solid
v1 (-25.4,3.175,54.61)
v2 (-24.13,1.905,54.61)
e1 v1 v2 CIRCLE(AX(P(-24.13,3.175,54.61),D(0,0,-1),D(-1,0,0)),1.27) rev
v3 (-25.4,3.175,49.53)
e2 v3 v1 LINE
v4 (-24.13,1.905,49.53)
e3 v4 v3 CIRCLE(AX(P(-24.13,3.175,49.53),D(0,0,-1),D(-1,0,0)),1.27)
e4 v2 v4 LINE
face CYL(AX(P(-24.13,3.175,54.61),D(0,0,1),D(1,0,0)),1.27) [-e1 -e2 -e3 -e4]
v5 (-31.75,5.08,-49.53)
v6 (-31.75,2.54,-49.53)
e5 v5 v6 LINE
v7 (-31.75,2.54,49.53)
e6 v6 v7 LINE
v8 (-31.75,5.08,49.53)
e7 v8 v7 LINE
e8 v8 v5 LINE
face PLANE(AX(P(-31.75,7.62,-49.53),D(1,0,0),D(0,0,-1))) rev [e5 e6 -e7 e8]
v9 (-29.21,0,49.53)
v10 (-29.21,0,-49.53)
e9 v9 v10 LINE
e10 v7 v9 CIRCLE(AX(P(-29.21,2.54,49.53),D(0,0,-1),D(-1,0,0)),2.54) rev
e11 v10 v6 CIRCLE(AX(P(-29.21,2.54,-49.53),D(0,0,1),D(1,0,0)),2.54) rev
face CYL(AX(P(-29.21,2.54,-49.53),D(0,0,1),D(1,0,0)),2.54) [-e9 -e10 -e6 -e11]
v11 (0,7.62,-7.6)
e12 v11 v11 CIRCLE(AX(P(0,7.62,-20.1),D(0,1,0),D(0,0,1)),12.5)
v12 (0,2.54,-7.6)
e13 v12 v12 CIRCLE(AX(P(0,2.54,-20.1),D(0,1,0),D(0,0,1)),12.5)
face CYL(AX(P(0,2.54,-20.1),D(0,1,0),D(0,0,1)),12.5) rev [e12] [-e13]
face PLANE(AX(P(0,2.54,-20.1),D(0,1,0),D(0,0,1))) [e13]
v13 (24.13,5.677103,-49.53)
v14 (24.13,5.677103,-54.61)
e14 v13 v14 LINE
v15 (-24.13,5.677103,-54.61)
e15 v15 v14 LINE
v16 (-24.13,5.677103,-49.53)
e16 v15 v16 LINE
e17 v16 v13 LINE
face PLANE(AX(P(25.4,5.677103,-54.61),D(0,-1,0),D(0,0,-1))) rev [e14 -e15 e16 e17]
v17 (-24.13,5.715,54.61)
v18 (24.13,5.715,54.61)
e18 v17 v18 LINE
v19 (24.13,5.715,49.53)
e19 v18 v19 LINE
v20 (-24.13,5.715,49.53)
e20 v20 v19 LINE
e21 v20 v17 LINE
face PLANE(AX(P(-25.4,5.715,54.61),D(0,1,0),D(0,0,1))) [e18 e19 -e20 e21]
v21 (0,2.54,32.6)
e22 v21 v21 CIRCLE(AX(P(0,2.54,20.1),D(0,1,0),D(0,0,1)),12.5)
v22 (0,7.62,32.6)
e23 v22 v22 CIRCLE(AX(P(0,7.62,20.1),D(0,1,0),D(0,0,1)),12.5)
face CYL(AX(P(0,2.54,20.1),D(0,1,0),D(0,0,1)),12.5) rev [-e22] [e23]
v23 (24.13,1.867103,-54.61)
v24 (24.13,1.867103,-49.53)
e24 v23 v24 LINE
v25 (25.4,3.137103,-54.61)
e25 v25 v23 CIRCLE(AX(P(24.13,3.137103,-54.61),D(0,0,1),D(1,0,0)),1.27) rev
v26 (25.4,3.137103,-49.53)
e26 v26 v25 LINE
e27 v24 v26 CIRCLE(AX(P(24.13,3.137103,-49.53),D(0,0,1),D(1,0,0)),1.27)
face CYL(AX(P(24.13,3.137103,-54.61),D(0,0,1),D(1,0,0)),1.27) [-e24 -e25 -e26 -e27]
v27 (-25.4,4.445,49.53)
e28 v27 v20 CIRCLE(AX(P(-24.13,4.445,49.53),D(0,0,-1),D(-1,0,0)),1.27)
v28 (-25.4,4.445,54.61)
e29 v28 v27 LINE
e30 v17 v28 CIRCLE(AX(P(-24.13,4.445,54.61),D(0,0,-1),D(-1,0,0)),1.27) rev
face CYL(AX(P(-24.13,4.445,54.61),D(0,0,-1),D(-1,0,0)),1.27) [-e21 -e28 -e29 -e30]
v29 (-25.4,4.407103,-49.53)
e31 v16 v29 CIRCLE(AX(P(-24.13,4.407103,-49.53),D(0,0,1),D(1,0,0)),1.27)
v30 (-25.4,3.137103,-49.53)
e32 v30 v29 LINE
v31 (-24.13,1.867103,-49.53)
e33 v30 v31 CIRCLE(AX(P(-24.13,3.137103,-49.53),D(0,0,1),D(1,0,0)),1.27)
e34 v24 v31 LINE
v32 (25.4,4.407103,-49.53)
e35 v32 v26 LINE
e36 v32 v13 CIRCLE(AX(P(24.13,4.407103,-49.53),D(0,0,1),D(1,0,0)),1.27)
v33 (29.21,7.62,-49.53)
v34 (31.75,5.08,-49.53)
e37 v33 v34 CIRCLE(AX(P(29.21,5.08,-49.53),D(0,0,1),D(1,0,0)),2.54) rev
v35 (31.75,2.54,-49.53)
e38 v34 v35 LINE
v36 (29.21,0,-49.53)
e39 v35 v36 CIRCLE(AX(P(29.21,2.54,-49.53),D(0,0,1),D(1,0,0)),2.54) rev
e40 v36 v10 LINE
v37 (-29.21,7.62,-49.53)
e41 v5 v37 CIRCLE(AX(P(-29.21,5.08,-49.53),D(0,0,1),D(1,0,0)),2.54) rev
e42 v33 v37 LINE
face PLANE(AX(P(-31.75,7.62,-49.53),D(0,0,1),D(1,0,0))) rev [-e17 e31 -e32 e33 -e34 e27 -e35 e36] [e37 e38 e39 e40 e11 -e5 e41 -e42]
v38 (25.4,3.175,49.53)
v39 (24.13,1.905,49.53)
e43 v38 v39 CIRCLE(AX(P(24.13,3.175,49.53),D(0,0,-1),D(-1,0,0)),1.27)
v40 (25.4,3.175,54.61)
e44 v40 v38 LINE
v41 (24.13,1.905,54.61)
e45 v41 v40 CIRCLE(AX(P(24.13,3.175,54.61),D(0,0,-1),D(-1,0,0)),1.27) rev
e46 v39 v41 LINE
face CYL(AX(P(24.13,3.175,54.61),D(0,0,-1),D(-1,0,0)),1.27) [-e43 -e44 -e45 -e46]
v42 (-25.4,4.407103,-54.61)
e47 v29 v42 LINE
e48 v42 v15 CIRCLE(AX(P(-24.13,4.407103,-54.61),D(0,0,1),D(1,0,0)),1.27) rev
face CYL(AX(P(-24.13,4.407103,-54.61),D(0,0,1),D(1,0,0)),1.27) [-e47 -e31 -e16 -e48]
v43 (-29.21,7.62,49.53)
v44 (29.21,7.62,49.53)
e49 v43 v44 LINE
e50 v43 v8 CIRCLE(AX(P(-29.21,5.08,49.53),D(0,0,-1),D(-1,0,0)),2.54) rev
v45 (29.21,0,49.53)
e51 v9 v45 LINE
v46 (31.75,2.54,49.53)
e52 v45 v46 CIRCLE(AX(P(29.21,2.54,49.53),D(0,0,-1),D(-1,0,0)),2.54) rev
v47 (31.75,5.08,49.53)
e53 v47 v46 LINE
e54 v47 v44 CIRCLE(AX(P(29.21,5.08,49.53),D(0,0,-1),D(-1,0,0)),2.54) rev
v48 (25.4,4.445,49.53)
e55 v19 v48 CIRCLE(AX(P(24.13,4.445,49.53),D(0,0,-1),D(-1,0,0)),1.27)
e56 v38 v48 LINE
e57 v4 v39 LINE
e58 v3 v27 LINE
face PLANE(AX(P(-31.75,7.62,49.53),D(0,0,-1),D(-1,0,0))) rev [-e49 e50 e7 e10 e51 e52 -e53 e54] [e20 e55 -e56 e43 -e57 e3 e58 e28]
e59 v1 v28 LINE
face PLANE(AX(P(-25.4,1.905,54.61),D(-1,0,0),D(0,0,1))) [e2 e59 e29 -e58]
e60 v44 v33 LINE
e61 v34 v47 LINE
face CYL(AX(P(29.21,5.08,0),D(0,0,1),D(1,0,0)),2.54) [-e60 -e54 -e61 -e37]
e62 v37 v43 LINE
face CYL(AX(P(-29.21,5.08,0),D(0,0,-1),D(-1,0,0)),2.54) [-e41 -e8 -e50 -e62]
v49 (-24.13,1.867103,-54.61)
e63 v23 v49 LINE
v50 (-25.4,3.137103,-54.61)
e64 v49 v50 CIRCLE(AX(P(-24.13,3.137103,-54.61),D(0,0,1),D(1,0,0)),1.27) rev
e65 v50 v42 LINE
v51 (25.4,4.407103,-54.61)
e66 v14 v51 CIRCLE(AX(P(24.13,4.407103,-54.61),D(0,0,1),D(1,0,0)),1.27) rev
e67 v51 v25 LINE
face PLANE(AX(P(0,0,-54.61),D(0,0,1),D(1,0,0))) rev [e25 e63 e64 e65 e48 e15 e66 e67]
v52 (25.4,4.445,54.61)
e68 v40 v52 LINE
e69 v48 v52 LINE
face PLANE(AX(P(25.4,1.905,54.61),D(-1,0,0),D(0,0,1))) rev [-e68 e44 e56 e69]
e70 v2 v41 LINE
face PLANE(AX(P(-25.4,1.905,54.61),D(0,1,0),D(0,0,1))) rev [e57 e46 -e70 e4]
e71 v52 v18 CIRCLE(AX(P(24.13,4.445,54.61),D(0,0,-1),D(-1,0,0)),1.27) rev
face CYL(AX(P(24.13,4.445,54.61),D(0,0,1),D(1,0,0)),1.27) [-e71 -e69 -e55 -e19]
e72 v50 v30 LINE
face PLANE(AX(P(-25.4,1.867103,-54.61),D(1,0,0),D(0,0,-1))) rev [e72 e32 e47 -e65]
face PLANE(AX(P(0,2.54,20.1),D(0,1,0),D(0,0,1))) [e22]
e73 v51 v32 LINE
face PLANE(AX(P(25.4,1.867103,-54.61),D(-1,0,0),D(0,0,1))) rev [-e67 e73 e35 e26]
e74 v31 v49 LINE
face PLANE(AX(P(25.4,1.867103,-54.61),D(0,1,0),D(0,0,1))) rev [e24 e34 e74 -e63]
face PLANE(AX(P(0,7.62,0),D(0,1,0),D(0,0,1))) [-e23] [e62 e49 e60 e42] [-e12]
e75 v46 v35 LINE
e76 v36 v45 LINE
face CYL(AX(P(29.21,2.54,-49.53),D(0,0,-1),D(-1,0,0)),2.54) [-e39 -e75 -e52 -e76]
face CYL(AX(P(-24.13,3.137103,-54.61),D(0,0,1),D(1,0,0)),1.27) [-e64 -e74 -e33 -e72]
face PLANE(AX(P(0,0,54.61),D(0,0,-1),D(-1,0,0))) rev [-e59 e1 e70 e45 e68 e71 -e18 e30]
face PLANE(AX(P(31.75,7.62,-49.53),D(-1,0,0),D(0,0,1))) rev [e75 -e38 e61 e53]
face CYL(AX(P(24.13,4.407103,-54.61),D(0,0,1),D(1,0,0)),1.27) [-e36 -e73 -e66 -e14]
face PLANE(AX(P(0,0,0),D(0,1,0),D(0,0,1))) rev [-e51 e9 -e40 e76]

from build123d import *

# Parameters (mm, degrees)
SKETCH1_W           = 63.5
SKETCH1_H           = 99.06
BOSS_EXTRUDE1_DEPTH = 7.62
SKETCH2_R           = 12.5
CUT_EXTRUDE1_DEPTH  = 5.08
FILLET1_R           = 2.54
SKETCH3_W           = 50.8
SKETCH3_H           = 3.81
BOSS_EXTRUDE2_DEPTH = 5.08
FILLET2_R           = 1.27
SKETCH4_W           = 50.8
SKETCH4_H           = 3.81
BOSS_EXTRUDE3_DEPTH = 5.08
FILLET3_R           = 1.27


with BuildPart() as part:
    # Sketch1 → Boss-Extrude1 (new body)
    with BuildSketch(Plane(origin=(0, 0, 0), x_dir=(1, 0, 0), z_dir=(0, 1, 0))):
        Rectangle(SKETCH1_W, SKETCH1_H)
    extrude(amount=BOSS_EXTRUDE1_DEPTH)

    # Sketch2 → Cut-Extrude1 (cut)
    with BuildSketch(Plane(origin=(0, 7.62, 0), x_dir=(1, 0, 0), z_dir=(0, 1, 0))):
        with Locations((0, -20.1)):
            Circle(SKETCH2_R)
        with Locations((0, 20.1)):
            Circle(SKETCH2_R)
    extrude(amount=-CUT_EXTRUDE1_DEPTH, mode=Mode.SUBTRACT)

    # Fillet1
    fillet1_edges = [part.edges().sort_by_distance(p)[0] for p in [
        (-31.75, 7.62, 0),
        (31.75, 7.62, 0),
        (-31.75, 0, 0),
        (31.75, 0, 0),
    ]]
    fillet(fillet1_edges, radius=FILLET1_R)

    # Sketch3 → Boss-Extrude2 (add)
    with BuildSketch(Plane.XY.offset(49.53)):
        with Locations((0, 3.81)):
            Rectangle(SKETCH3_W, SKETCH3_H)
    extrude(amount=BOSS_EXTRUDE2_DEPTH)

    # Fillet2
    fillet2_edges = [part.edges().sort_by_distance(p)[0] for p in [
        (-25.4, 5.715, 52.07),
        (-25.4, 1.905, 52.07),
        (25.4, 1.905, 52.07),
        (25.4, 5.715, 52.07),
    ]]
    fillet(fillet2_edges, radius=FILLET2_R)

    # Sketch4 → Boss-Extrude3 (add)
    with BuildSketch(Plane(origin=(0, 0, -49.53), x_dir=(-1, 0, 0), z_dir=(0, 0, -1))):
        with Locations((0, 3.772103496)):
            Rectangle(SKETCH4_W, SKETCH4_H)
    extrude(amount=BOSS_EXTRUDE3_DEPTH)

    # Fillet3
    fillet3_edges = [part.edges().sort_by_distance(p)[0] for p in [
        (-25.4, 1.867103496, -52.07),
        (-25.4, 5.677103496, -52.07),
        (25.4, 5.677103496, -52.07),
        (25.4, 1.867103496, -52.07),
    ]]
    fillet(fillet3_edges, radius=FILLET3_R)


solid = part.part
